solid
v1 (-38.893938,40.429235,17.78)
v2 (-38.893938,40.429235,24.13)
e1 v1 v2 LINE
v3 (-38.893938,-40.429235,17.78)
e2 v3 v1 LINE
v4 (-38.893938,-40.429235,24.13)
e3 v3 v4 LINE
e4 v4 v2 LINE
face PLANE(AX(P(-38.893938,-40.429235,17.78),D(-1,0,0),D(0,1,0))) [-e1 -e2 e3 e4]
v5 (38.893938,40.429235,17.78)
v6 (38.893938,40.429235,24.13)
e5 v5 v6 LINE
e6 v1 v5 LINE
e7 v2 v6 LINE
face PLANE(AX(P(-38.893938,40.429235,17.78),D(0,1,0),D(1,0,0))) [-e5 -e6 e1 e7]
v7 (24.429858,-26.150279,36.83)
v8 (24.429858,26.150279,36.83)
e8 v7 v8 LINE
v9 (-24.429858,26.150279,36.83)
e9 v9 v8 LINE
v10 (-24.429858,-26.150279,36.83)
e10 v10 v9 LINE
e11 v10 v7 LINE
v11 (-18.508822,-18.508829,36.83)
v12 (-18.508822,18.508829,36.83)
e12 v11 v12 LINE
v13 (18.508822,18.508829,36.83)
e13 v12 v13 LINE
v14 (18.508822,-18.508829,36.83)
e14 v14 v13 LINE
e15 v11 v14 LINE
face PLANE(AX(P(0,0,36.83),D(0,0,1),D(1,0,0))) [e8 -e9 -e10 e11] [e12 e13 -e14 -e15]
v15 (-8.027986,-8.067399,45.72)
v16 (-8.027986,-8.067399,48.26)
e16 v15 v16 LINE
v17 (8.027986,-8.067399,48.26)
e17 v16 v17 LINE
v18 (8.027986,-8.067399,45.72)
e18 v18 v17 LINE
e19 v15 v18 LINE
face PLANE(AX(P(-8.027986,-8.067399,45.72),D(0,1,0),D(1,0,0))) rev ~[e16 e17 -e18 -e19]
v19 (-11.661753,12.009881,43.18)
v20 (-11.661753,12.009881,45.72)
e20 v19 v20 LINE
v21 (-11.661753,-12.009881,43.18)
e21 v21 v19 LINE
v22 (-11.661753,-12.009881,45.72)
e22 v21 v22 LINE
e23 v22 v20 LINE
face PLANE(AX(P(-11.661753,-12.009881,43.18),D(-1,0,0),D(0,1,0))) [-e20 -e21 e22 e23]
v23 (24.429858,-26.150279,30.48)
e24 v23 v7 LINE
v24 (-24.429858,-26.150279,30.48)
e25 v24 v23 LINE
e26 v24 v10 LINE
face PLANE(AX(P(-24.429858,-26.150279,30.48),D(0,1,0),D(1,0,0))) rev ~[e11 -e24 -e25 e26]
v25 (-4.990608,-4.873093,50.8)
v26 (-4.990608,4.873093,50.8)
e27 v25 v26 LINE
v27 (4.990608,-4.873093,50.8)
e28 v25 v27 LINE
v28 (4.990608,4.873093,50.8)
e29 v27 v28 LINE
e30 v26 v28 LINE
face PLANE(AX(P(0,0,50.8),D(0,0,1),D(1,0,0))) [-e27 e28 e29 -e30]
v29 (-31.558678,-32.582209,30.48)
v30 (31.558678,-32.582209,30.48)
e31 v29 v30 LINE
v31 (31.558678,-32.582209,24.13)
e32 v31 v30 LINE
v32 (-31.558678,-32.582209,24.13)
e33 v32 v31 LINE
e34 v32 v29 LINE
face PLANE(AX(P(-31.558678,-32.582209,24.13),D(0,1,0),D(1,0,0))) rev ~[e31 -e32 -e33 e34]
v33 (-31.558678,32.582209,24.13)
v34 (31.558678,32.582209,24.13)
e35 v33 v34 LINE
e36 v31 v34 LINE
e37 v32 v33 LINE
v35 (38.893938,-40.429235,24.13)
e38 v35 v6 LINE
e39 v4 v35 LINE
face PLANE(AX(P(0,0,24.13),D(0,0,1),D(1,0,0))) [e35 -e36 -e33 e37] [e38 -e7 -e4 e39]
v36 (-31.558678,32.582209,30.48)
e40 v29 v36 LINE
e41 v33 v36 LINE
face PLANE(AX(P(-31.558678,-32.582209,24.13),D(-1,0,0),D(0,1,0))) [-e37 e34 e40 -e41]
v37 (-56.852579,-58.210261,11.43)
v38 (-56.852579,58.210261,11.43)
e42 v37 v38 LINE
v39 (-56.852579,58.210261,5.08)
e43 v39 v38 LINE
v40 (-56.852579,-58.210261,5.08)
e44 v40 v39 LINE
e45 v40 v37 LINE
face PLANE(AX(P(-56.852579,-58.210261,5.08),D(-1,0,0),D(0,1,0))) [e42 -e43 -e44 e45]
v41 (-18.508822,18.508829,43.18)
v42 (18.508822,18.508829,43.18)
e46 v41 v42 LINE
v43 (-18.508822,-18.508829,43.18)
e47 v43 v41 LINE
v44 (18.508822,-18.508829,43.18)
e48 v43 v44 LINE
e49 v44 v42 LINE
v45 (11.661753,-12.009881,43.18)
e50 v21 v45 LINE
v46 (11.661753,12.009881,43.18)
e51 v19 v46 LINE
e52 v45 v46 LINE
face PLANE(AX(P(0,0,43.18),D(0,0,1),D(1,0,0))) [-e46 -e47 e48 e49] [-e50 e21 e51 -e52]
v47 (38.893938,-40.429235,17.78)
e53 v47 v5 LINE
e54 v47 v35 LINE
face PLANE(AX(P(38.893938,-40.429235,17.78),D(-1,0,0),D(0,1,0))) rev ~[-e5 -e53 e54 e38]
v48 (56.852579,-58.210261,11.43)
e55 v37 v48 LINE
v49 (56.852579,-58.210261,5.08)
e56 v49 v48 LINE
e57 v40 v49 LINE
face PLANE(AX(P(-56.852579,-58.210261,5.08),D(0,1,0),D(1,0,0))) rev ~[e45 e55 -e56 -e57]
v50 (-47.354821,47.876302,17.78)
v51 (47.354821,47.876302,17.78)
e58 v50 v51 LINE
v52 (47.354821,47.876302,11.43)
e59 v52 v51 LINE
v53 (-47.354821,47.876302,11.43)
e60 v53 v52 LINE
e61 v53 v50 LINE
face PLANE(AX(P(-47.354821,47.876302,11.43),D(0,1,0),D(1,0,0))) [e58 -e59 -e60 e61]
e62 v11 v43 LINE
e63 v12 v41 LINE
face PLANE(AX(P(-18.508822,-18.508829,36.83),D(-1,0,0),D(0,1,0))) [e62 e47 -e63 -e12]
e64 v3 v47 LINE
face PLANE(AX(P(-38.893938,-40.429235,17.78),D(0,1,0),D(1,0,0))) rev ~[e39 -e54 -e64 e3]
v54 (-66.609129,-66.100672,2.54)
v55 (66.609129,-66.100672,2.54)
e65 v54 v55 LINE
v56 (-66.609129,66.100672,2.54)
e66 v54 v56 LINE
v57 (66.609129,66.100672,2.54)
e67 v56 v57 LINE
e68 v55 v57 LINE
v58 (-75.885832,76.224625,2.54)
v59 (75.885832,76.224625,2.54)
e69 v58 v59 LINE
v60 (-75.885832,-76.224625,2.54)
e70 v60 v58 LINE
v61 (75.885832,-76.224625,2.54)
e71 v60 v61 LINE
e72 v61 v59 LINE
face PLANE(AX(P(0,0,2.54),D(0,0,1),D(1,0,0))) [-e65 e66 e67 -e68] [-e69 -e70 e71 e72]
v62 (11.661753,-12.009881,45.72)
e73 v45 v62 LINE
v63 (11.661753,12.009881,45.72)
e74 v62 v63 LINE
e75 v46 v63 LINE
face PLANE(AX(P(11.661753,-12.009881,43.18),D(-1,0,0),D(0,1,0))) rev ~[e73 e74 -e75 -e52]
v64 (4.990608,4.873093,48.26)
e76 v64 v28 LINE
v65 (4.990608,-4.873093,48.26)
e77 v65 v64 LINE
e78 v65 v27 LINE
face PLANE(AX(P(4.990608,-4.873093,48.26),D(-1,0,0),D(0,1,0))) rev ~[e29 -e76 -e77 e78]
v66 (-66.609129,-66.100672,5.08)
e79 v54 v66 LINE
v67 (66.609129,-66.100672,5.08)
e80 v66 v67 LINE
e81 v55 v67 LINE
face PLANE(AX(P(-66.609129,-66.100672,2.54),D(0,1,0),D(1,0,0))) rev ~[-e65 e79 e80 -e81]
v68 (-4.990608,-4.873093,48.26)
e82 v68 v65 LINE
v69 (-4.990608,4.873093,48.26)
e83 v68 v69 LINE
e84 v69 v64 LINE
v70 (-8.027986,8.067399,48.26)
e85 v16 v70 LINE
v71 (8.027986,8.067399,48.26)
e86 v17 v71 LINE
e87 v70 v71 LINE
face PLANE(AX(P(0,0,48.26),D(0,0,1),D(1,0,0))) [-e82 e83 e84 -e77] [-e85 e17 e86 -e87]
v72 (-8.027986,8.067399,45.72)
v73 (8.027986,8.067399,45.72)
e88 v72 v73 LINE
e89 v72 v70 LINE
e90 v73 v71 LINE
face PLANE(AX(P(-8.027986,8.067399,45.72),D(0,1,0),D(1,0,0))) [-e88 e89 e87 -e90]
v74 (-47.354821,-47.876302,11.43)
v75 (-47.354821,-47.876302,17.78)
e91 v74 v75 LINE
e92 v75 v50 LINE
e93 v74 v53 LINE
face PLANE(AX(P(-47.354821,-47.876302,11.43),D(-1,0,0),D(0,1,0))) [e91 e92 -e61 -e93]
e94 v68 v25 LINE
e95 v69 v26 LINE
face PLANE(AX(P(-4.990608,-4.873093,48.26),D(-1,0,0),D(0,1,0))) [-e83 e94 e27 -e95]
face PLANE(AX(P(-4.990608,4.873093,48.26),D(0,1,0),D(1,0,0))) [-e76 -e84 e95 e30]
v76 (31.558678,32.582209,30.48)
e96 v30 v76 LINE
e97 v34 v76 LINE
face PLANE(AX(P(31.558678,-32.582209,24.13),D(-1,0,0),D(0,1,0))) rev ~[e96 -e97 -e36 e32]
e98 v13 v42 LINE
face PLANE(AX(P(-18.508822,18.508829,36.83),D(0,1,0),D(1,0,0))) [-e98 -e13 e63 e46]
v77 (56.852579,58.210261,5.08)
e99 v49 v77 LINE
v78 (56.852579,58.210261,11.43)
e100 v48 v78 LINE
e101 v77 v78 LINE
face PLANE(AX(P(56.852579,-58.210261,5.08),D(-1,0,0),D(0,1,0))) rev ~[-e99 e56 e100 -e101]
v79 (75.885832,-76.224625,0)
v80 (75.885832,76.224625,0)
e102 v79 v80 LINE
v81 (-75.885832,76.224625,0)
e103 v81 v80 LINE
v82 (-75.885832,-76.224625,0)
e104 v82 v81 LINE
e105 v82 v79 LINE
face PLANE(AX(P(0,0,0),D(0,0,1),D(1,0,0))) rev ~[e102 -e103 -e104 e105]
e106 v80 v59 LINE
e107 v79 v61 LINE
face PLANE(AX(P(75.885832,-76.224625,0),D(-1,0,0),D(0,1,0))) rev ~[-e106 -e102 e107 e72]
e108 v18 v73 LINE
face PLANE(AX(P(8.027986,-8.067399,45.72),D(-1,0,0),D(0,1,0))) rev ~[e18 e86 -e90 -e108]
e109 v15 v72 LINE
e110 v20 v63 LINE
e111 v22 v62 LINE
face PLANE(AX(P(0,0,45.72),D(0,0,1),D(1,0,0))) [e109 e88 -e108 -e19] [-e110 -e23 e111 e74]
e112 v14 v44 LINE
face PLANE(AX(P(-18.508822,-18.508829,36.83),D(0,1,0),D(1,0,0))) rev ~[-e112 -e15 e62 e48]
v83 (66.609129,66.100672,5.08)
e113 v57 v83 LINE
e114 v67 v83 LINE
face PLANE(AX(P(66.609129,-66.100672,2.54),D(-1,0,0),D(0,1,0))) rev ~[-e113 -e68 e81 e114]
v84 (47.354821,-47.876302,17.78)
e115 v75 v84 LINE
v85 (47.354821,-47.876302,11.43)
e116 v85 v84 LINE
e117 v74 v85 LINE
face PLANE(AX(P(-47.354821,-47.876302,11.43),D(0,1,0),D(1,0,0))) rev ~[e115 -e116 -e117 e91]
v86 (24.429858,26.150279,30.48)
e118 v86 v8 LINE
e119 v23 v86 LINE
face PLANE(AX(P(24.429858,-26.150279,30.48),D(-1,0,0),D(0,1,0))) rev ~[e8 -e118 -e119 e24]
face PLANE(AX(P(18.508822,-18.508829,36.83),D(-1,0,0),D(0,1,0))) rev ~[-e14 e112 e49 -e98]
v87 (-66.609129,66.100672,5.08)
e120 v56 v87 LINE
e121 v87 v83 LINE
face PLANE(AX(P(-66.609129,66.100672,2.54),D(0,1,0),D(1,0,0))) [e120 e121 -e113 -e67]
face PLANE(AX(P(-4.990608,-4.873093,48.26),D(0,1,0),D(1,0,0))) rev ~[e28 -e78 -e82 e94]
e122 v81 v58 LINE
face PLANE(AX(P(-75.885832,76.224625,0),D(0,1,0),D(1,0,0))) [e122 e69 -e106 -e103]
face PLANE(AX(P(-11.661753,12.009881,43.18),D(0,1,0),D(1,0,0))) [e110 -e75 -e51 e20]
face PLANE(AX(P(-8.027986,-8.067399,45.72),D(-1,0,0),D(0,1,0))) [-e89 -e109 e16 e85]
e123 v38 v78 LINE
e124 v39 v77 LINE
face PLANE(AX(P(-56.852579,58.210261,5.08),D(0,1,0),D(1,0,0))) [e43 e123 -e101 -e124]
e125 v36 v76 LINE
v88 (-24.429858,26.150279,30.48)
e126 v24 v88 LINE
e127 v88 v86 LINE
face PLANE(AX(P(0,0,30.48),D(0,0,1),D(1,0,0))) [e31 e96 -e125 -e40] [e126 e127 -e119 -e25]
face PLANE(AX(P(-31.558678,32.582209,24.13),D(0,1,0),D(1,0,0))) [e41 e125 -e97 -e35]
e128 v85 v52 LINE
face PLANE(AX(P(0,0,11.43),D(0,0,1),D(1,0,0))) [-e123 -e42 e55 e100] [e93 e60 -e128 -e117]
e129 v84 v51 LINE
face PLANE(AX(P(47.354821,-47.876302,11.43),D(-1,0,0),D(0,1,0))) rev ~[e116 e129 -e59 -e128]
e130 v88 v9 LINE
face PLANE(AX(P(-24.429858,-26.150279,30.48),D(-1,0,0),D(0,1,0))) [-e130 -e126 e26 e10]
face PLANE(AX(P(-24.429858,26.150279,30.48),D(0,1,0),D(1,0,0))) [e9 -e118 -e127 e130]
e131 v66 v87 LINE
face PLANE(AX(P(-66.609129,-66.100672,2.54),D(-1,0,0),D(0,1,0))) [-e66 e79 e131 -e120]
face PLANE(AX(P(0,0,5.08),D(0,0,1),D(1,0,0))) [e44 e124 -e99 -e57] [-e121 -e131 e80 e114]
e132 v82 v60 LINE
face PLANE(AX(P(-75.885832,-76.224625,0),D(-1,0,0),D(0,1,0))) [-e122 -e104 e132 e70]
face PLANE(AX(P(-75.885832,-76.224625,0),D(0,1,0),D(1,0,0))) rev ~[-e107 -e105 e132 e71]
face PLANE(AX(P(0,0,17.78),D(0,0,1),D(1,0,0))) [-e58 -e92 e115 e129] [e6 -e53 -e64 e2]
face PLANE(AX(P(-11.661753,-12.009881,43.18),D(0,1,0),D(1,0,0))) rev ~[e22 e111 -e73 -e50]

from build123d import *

# Parameters (mm, degrees)
F0_W      = 151.771664
F0_H      = 152.44925
F1_DEPTH  = 2.54
F2_W      = 133.218258
F2_H      = 132.201344
F3_DEPTH  = 2.54
F4_W      = 113.705158
F4_H      = 116.420522
F5_DEPTH  = 6.35
F6_W      = 94.709642
F6_H      = 95.752604
F7_DEPTH  = 6.35
F8_W      = 77.787876
F8_H      = 80.85847
F9_DEPTH  = 6.35
F10_W     = 63.117356
F10_H     = 65.164418
F11_DEPTH = 6.35
F12_W     = 48.859716
F12_H     = 52.300558
F13_DEPTH = 6.35
F14_W     = 37.017644
F14_H     = 37.017658
F15_DEPTH = 6.35
F16_W     = 23.323506
F16_H     = 24.019762
F17_DEPTH = 2.54
F18_W     = 16.055972
F18_H     = 16.134798
F19_DEPTH = 2.54
F20_W     = 9.981216
F20_H     = 9.746186
F21_DEPTH = 2.54


with BuildPart() as f1:
    # F0 (on Top) → F1 (new body)
    with BuildSketch(Plane.XY):
        Rectangle(F0_W, F0_H)
    extrude(amount=F1_DEPTH)

    # F2 (on face) → F3 (join)
    with BuildSketch(Plane.XY.offset(2.54)):
        Rectangle(F2_W, F2_H)
    extrude(amount=F3_DEPTH)

    # F4 (on face) → F5 (join)
    with BuildSketch(Plane.XY.offset(5.08)):
        Rectangle(F4_W, F4_H)
    extrude(amount=F5_DEPTH)

    # F6 (on face) → F7 (join)
    with BuildSketch(Plane.XY.offset(11.43)):
        Rectangle(F6_W, F6_H)
    extrude(amount=F7_DEPTH)

    # F8 (on face) → F9 (join)
    with BuildSketch(Plane.XY.offset(17.78)):
        Rectangle(F8_W, F8_H)
    extrude(amount=F9_DEPTH)

    # F10 (on face) → F11 (join)
    with BuildSketch(Plane.XY.offset(24.13)):
        Rectangle(F10_W, F10_H)
    extrude(amount=F11_DEPTH)

    # F12 (on face) → F13 (join)
    with BuildSketch(Plane.XY.offset(30.48)):
        Rectangle(F12_W, F12_H)
    extrude(amount=F13_DEPTH)

    # F14 (on face) → F15 (join)
    with BuildSketch(Plane.XY.offset(36.83)):
        Rectangle(F14_W, F14_H)
    extrude(amount=F15_DEPTH)

    # F16 (on face) → F17 (join)
    with BuildSketch(Plane.XY.offset(43.18)):
        Rectangle(F16_W, F16_H)
    extrude(amount=F17_DEPTH)

    # F18 (on face) → F19 (join)
    with BuildSketch(Plane.XY.offset(45.72)):
        Rectangle(F18_W, F18_H)
    extrude(amount=F19_DEPTH)

    # F20 (on face) → F21 (join)
    with BuildSketch(Plane.XY.offset(48.26)):
        Rectangle(F20_W, F20_H)
    extrude(amount=F21_DEPTH)


solid = f1.part
